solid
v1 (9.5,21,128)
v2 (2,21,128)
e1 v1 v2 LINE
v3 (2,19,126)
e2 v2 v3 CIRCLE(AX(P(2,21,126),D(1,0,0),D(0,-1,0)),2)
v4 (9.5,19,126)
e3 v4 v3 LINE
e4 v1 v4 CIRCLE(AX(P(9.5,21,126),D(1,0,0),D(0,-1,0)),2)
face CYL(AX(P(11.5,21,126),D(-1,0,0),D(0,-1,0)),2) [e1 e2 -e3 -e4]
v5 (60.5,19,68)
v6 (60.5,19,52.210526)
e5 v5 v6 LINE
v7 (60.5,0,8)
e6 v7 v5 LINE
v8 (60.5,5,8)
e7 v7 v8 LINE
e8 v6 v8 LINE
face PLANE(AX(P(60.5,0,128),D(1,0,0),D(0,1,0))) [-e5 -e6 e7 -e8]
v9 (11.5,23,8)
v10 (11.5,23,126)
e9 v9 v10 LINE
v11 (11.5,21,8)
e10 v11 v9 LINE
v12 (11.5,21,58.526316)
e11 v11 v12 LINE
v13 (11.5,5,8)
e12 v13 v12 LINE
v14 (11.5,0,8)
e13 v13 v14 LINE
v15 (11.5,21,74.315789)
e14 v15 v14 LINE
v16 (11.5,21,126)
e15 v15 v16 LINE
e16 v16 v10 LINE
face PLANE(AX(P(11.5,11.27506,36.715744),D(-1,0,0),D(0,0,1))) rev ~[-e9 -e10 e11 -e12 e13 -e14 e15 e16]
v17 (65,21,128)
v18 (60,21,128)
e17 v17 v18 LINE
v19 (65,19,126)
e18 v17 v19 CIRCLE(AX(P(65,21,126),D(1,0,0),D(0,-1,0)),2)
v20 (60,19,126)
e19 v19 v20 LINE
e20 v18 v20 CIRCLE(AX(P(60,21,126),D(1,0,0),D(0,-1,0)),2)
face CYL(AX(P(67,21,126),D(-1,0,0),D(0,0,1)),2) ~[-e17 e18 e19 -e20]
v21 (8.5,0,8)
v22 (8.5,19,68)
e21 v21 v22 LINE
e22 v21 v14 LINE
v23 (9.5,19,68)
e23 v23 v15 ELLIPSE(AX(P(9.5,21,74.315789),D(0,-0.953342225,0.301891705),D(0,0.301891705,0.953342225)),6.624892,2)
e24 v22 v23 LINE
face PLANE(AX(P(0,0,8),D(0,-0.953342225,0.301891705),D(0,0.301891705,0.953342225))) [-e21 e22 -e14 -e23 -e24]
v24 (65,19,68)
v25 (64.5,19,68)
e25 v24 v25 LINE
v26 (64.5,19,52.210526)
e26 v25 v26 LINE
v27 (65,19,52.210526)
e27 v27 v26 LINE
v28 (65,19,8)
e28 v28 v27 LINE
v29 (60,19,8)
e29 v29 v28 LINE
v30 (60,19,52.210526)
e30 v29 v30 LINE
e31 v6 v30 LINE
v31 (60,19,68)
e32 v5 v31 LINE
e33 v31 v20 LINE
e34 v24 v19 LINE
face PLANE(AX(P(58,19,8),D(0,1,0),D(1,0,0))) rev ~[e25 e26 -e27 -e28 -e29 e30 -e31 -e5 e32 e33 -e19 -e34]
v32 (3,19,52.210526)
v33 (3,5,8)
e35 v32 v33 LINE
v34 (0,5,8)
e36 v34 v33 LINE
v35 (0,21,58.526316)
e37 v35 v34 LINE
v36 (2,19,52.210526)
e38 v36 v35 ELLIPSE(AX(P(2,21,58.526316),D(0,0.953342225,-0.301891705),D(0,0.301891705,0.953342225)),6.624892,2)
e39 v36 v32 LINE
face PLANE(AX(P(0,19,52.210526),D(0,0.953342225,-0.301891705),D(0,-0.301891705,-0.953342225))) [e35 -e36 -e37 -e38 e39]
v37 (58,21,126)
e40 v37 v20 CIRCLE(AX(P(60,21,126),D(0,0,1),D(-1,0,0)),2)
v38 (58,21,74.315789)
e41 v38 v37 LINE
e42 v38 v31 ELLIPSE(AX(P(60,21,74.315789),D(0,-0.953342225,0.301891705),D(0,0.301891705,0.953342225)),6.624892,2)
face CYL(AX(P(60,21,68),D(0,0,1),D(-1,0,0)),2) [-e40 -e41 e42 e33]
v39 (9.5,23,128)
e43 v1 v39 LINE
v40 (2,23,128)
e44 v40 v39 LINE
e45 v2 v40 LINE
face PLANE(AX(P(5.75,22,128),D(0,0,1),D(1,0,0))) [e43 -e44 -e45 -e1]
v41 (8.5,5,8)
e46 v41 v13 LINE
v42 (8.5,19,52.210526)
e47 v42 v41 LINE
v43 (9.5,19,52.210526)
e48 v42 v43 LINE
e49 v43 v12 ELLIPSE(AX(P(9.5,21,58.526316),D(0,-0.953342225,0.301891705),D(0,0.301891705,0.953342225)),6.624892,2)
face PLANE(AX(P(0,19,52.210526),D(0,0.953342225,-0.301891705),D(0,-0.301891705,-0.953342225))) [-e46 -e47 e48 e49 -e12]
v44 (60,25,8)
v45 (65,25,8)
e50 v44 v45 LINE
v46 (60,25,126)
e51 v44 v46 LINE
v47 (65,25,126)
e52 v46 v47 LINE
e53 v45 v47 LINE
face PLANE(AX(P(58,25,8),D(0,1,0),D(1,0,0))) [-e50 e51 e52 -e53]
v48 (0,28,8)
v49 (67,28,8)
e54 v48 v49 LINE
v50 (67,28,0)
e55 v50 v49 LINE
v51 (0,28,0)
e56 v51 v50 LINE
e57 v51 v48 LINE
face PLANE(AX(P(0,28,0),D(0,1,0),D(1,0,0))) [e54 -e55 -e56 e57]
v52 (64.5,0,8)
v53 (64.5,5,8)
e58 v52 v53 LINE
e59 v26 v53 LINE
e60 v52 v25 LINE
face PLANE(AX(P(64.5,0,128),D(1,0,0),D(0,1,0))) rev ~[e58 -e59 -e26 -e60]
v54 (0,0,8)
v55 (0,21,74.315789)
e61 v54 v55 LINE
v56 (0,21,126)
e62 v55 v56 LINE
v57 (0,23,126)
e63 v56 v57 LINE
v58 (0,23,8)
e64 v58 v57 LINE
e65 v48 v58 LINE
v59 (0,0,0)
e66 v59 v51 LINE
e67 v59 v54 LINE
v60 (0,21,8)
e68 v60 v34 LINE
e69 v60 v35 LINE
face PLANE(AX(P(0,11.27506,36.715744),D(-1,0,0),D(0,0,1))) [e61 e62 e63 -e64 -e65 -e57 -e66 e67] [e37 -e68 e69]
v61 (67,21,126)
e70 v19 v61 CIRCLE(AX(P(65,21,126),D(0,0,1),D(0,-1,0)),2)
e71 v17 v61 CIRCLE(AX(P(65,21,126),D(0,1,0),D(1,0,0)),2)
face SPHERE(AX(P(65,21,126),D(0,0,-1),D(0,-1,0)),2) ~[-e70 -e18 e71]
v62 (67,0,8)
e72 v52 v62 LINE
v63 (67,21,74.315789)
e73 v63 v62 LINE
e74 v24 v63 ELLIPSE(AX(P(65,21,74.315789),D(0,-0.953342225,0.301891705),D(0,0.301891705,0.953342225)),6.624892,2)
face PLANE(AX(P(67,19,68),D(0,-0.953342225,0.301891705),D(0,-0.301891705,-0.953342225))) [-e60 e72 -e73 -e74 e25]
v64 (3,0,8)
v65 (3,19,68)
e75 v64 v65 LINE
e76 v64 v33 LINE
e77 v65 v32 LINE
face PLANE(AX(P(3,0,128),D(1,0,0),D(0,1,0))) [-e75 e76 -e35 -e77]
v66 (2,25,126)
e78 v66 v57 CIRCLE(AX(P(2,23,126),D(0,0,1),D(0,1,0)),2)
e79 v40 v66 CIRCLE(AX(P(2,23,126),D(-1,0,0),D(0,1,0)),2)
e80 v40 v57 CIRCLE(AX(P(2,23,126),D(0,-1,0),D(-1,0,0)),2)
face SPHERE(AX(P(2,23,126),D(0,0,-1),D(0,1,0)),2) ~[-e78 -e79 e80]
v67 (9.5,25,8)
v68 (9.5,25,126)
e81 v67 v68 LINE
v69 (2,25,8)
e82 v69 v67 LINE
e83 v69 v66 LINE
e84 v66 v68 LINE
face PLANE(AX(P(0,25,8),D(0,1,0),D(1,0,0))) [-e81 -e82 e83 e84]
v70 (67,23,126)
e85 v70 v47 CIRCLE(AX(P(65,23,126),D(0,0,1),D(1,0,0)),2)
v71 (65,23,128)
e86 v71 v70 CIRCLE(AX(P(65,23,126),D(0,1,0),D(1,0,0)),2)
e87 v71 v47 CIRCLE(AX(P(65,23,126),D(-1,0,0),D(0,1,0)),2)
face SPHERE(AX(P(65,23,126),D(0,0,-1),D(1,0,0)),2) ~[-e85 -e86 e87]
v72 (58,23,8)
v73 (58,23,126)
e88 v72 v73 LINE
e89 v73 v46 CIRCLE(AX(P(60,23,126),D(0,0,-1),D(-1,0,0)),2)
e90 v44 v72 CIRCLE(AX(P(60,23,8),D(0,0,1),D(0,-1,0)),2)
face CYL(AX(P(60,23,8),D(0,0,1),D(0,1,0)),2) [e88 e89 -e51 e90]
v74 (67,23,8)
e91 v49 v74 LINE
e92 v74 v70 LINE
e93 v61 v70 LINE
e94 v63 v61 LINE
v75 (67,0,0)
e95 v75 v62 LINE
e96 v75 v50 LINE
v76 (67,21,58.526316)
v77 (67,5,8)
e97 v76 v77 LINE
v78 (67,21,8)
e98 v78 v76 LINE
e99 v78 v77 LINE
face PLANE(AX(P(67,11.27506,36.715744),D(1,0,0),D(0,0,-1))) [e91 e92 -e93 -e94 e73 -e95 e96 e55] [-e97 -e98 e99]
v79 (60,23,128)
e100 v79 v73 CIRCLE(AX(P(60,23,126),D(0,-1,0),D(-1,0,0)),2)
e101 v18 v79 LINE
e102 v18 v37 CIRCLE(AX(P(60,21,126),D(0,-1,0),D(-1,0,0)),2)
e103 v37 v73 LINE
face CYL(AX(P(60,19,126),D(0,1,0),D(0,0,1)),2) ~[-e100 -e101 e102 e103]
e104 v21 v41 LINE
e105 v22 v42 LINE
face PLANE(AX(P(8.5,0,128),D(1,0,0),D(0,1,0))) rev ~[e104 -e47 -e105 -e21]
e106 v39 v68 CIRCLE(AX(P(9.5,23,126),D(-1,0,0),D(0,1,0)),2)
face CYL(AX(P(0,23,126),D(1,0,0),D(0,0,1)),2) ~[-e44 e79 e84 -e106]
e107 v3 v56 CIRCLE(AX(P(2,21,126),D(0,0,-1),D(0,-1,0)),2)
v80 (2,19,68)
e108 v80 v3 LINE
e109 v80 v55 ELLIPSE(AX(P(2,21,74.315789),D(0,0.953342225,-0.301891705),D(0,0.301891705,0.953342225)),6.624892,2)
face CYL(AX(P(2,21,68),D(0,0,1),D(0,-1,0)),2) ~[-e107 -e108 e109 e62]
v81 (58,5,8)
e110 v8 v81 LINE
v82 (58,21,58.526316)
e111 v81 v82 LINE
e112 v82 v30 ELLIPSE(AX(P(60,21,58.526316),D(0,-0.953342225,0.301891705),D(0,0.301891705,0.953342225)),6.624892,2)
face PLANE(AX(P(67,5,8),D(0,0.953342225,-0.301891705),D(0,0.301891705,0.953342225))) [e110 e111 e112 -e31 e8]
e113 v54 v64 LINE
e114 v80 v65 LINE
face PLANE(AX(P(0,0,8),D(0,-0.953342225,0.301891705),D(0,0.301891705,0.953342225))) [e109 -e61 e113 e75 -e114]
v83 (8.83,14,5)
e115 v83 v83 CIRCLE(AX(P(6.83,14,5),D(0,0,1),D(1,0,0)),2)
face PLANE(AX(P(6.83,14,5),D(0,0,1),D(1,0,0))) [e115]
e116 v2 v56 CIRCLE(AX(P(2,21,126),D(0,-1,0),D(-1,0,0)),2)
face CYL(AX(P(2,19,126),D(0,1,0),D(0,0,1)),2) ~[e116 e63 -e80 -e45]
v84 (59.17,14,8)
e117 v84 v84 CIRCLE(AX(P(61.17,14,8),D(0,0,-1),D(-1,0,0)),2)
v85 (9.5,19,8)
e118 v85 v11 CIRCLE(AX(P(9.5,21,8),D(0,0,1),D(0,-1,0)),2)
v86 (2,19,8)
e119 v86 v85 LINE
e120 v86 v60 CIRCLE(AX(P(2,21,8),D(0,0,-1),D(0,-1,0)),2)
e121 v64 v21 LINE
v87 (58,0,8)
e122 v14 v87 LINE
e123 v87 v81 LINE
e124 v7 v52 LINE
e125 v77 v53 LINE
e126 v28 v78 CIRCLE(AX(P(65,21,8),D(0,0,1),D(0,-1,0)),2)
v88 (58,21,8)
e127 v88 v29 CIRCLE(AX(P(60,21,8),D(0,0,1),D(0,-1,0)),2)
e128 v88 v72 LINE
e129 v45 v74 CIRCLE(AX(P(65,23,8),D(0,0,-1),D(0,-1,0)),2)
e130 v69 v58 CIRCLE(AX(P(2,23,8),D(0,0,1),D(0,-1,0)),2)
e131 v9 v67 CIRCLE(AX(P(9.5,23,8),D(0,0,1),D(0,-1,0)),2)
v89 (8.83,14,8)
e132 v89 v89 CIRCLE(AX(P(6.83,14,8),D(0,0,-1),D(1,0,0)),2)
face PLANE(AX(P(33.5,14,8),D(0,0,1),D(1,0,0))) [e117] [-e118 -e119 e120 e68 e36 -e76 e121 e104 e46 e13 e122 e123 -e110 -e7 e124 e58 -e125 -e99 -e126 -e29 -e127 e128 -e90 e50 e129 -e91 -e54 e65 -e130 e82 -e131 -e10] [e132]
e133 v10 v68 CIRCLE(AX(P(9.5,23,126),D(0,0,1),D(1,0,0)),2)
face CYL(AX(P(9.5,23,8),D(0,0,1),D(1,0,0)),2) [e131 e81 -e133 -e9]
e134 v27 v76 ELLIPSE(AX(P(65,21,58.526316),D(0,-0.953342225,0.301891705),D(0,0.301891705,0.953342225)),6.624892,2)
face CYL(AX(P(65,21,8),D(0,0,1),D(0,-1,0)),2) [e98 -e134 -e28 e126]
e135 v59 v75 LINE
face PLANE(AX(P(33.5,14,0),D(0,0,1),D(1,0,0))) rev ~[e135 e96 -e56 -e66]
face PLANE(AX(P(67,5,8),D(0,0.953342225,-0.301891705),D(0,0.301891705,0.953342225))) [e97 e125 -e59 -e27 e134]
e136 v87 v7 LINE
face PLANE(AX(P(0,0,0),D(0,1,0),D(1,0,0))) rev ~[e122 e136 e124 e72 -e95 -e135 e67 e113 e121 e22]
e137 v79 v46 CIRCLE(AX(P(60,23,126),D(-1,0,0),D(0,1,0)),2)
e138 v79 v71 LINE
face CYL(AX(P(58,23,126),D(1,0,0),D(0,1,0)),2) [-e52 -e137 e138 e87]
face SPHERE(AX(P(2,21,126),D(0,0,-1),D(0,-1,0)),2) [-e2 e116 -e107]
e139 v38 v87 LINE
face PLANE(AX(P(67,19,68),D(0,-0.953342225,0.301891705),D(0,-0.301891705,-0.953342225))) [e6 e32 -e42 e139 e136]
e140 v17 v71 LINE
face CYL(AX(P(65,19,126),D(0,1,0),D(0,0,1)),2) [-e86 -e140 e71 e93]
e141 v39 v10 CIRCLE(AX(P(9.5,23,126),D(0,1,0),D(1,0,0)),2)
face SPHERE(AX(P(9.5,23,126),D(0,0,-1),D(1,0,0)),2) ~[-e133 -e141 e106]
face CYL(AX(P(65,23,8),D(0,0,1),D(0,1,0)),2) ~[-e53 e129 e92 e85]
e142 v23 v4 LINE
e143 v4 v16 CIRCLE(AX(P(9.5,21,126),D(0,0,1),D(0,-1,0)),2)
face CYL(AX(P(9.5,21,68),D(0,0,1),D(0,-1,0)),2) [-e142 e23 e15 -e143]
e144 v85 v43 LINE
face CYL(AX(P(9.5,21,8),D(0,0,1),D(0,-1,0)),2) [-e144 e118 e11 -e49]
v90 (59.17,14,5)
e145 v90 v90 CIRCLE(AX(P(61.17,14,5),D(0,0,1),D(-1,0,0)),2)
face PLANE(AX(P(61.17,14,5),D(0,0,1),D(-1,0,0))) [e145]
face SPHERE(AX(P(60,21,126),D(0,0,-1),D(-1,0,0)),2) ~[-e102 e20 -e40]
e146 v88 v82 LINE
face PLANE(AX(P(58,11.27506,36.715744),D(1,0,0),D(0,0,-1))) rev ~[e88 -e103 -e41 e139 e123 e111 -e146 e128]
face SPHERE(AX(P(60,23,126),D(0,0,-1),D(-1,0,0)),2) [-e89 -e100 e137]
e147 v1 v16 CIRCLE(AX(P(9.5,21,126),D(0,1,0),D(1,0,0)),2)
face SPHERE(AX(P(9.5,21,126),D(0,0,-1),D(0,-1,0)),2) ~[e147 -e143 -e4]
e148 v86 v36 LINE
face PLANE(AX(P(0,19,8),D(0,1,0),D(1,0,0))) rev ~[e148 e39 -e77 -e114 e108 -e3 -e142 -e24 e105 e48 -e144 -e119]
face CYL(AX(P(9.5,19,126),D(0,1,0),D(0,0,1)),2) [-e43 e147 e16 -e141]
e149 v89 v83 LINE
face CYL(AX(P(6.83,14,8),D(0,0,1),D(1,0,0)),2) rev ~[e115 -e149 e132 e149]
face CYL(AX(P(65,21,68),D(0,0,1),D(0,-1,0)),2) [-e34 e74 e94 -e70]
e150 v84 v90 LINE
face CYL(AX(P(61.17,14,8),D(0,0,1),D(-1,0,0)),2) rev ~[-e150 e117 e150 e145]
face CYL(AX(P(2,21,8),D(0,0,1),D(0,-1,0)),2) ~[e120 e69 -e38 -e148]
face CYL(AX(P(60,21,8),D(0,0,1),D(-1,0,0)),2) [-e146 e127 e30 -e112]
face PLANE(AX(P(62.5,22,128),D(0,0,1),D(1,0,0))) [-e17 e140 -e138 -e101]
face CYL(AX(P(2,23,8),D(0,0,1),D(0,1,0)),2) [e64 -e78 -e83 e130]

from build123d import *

# Parameters (mm, degrees)
ESQUISSE1_W             = 67
ESQUISSE1_H             = 28
BOSS_EXTRU_1_DEPTH      = 8
ESQUISSE2_W             = 11.5
ESQUISSE2_H             = 6
ESQUISSE2_W_2           = 9
BOSS_EXTRU_2_DEPTH      = 120
ESQUISSE4_R             = 2
ENL_V_MAT_EXTRU_2_DEPTH = 3
BOSS_EXTRU_3_DEPTH      = 11.5
ESQUISSE7_W             = 5.5
ESQUISSE7_H             = 19
ENL_V_MAT_EXTRU_3_DEPTH = 120
BOSS_EXTRU_4_DEPTH      = 9
ESQUISSE9_W             = 4
ESQUISSE9_H             = 19
ENL_V_MAT_EXTRU_4_DEPTH = 120
CONG_2_R                = 2


with BuildPart() as part:
    # Esquisse1 → Boss.-Extru.1 (new body)
    with BuildSketch(Plane.XY):
        with Locations((33.5, 14)):
            Rectangle(ESQUISSE1_W, ESQUISSE1_H)
    extrude(amount=BOSS_EXTRU_1_DEPTH)

    # Esquisse2 → Boss.-Extru.2 (add)
    with BuildSketch(Plane.XY.offset(8)):
        with Locations((5.75, 22)):
            Rectangle(ESQUISSE2_W, ESQUISSE2_H)
        with Locations((62.5, 22)):
            Rectangle(ESQUISSE2_W_2, ESQUISSE2_H)
    extrude(amount=BOSS_EXTRU_2_DEPTH)

    # Esquisse4 → Enlèv. mat.-Extru.2 (cut)
    with BuildSketch(Plane.XY.offset(8)):
        with Locations((6.83, 14)):
            Circle(ESQUISSE4_R)
        with Locations(Location((61.17, 14, 0), (0, 0, 180))):
            Circle(ESQUISSE4_R)
    extrude(amount=-ENL_V_MAT_EXTRU_2_DEPTH, mode=Mode.SUBTRACT)

    # Esquisse5 → Boss.-Extru.3 (add)
    with BuildSketch(Plane.ZY):
        Polygon((8, 0), (68, 19), (52.210526316, 19), (8, 5), align=None)
    extrude(amount=-BOSS_EXTRU_3_DEPTH)

    # Esquisse7 → Enlèv. mat.-Extru.3 (cut)
    with BuildSketch(Plane.XY.offset(128)):
        with Locations((5.75, 9.5)):
            Rectangle(ESQUISSE7_W, ESQUISSE7_H)
    extrude(amount=-ENL_V_MAT_EXTRU_3_DEPTH, mode=Mode.SUBTRACT)

    # Esquisse8 → Boss.-Extru.4 (add)
    with BuildSketch(Plane(origin=(67, 0, 0), x_dir=(0, 0, -1), z_dir=(1, 0, 0))):
        Polygon((-8, 0), (-8, 5), (-52.210526316, 19), (-68, 19), align=None)
    extrude(amount=-BOSS_EXTRU_4_DEPTH)

    # Esquisse9 → Enlèv. mat.-Extru.4 (cut)
    with BuildSketch(Plane.XY.offset(128)):
        with Locations((62.5, 9.5)):
            Rectangle(ESQUISSE9_W, ESQUISSE9_H)
    extrude(amount=-ENL_V_MAT_EXTRU_4_DEPTH, mode=Mode.SUBTRACT)

    # Congé2
    cong_2_edges = [part.edges().sort_by_distance(p)[0] for p in [
        (67, 19, 30.105263158),
        (58, 19, 30.105263158),
        (58, 25, 68),
        (58, 19, 98),
        (67, 19, 98),
        (67, 25, 68),
        (58, 22, 128),
        (62.5, 19, 128),
        (67, 22, 128),
        (62.5, 25, 128),
        (0, 19, 98),
        (11.5, 19, 98),
        (11.5, 25, 68),
        (0, 25, 68),
        (5.75, 19, 128),
        (11.5, 22, 128),
        (5.75, 25, 128),
        (0, 22, 128),
        (11.5, 19, 30.105263158),
        (0, 19, 30.105263158),
    ]]
    fillet(cong_2_edges, radius=CONG_2_R)


solid = part.part
